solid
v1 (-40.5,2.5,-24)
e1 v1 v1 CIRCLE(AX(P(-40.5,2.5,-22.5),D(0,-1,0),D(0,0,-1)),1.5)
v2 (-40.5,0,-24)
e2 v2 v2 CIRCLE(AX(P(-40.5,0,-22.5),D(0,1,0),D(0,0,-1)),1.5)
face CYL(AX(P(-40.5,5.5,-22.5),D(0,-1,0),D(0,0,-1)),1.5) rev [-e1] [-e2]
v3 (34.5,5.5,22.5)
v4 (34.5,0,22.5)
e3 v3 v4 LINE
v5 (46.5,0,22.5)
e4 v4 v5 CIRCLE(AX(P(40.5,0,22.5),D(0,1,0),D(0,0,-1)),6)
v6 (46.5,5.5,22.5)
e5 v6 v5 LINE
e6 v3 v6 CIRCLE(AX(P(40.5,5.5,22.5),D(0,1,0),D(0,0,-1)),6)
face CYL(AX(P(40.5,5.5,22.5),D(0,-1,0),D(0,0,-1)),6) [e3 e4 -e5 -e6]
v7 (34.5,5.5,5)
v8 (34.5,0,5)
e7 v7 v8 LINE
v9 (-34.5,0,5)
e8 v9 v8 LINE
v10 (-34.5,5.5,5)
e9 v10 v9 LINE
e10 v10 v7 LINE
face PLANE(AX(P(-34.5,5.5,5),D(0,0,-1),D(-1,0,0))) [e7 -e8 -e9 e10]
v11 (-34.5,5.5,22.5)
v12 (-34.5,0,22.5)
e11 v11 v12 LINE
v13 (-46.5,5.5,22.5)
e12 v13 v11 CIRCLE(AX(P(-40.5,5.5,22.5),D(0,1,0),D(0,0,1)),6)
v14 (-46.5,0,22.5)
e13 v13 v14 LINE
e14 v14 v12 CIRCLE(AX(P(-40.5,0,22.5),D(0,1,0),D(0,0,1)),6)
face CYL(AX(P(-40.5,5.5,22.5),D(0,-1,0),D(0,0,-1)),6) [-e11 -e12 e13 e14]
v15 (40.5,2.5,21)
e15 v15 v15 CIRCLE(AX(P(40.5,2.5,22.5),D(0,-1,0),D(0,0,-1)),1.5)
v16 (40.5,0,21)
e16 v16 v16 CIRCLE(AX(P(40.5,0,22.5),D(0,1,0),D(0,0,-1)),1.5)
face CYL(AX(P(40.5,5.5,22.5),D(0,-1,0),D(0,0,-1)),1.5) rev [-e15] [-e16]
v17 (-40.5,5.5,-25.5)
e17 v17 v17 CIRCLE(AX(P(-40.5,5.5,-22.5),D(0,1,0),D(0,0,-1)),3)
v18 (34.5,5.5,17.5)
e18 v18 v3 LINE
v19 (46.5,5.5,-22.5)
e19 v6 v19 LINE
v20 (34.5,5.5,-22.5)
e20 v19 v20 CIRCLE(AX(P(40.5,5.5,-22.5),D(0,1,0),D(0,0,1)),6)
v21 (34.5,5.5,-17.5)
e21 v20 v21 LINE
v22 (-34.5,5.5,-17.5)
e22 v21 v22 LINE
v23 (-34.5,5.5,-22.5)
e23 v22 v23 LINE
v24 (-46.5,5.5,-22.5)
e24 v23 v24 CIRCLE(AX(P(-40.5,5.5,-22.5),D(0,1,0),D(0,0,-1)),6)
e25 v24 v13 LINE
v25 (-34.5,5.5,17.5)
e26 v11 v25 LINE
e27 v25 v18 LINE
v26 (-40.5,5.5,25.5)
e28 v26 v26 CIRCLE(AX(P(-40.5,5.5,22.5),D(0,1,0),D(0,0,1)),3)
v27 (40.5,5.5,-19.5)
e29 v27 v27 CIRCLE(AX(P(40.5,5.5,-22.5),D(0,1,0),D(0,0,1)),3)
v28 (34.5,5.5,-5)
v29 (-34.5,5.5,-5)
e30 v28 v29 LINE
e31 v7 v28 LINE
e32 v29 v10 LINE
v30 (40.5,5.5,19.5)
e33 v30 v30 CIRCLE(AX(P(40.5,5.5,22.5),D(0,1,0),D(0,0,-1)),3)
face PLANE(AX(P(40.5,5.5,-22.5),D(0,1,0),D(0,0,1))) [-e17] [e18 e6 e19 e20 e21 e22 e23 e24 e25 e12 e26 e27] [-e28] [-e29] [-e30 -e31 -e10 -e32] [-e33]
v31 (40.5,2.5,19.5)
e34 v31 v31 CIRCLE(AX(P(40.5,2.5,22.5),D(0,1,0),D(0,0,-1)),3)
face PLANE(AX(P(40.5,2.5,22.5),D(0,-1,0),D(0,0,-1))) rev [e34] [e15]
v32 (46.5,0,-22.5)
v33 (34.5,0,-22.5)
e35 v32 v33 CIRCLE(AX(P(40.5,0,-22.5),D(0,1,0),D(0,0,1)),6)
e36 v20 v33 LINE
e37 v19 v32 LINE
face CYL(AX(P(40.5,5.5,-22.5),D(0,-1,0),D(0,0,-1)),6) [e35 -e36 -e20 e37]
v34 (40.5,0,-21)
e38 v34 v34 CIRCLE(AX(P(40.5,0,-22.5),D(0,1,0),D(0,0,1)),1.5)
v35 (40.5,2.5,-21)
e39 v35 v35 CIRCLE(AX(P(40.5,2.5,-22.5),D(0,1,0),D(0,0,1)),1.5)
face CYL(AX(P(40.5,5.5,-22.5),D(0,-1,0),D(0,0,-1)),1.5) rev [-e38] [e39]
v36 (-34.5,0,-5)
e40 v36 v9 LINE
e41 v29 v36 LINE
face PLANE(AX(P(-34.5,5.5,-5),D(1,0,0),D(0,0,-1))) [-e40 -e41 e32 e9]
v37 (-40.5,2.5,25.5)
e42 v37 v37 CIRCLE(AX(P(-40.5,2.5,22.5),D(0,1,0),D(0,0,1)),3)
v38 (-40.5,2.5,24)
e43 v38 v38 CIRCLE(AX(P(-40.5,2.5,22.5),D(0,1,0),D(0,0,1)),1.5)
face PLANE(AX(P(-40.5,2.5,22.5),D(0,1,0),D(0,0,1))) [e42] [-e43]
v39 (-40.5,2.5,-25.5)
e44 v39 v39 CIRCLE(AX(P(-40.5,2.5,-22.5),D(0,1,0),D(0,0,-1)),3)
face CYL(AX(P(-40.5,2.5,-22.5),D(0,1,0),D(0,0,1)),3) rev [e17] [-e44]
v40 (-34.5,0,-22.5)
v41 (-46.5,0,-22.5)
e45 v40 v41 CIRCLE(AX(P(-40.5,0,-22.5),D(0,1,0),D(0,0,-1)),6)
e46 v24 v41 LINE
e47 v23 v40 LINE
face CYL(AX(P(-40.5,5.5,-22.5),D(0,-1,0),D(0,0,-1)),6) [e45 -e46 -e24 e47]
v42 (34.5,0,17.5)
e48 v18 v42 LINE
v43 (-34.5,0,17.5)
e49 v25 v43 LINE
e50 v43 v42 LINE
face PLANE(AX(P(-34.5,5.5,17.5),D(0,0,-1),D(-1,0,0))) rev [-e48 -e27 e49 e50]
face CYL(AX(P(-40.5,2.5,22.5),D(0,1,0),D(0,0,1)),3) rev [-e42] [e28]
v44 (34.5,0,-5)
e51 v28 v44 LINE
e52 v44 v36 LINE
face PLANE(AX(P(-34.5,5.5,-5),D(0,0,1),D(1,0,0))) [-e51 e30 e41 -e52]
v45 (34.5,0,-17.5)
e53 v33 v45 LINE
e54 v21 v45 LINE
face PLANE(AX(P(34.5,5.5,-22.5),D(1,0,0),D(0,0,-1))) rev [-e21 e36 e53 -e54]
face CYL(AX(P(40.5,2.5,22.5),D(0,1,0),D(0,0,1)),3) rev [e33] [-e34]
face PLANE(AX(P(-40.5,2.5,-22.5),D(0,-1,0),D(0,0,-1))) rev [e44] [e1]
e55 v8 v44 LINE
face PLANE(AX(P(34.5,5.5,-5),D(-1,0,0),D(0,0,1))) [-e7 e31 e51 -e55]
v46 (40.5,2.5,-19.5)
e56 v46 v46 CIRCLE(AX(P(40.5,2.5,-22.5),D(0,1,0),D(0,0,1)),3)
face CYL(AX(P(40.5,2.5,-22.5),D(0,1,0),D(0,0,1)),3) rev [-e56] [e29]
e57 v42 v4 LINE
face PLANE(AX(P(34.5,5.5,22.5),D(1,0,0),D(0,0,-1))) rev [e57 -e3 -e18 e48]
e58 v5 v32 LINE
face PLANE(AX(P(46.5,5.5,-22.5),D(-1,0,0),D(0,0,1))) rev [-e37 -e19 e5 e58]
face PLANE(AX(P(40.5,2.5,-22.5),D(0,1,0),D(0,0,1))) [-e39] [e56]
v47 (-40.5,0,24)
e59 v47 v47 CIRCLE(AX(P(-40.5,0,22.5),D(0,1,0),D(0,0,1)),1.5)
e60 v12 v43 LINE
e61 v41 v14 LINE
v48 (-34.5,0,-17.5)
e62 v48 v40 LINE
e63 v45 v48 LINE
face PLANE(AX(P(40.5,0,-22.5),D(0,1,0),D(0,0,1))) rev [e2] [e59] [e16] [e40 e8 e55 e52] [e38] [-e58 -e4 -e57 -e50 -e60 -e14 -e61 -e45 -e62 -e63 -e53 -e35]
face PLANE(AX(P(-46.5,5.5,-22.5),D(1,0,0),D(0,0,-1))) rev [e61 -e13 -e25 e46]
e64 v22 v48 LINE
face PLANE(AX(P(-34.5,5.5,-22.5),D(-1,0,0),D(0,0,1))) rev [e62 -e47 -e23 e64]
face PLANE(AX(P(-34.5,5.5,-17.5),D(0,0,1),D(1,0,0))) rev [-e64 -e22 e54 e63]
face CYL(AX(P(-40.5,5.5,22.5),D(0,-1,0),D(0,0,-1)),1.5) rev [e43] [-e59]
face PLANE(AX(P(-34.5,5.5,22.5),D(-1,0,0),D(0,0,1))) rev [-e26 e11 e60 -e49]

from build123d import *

# Parameters (mm, degrees)
SKETCH_1_R          = 1.5
SKETCH_1_W          = 69
SKETCH_1_H          = 10
EXTRUDE_3_DEPTH     = 5.5
SKETCH_2_R          = 3
CUT_EXTRUDE_1_DEPTH = 3


with BuildPart() as part:
    # 草图1 → 凸台-拉伸3 (new body)
    with BuildSketch(Plane(origin=(0, 0, 0), x_dir=(1, 0, 0), z_dir=(0, 1, 0))):
        with BuildLine():
            Line((46.5, 22.5), (46.5, -22.5))
            ThreePointArc((46.5, -22.5), (40.5, -28.5), (34.5, -22.5))
            Line((34.5, -22.5), (34.5, -17.5))
            Line((34.5, -17.5), (-34.5, -17.5))
            Line((-34.5, -17.5), (-34.5, -22.5))
            ThreePointArc((-34.5, -22.5), (-40.5, -28.5), (-46.5, -22.5))
            Line((-46.5, -22.5), (-46.5, 22.5))
            ThreePointArc((-46.5, 22.5), (-40.5, 28.5), (-34.5, 22.5))
            Line((-34.5, 22.5), (-34.5, 17.5))
            Line((-34.5, 17.5), (34.5, 17.5))
            Line((34.5, 17.5), (34.5, 22.5))
            ThreePointArc((34.5, 22.5), (40.5, 28.5), (46.5, 22.5))
        make_face()
        with Locations(Location((40.5, 22.5, 0), (0, 0, 270))):
            Circle(SKETCH_1_R, mode=Mode.SUBTRACT)
        with Locations(Location((40.5, -22.5, 0), (0, 0, 90))):
            Circle(SKETCH_1_R, mode=Mode.SUBTRACT)
        with Locations(Location((-40.5, -22.5, 0), (0, 0, 270))):
            Circle(SKETCH_1_R, mode=Mode.SUBTRACT)
        with Locations(Location((-40.5, 22.5, 0), (0, 0, 90))):
            Circle(SKETCH_1_R, mode=Mode.SUBTRACT)
        Rectangle(SKETCH_1_W, SKETCH_1_H, mode=Mode.SUBTRACT)
    extrude(amount=EXTRUDE_3_DEPTH)

    # 草图2 → 切除-拉伸1 (cut)
    with BuildSketch(Plane(origin=(0, 5.5, 0), x_dir=(1, 0, 0), z_dir=(0, 1, 0))):
        with Locations(Location((40.5, 22.5, 0), (0, 0, 270))):
            Circle(SKETCH_2_R)
        with Locations(Location((40.5, -22.5, 0), (0, 0, 90))):
            Circle(SKETCH_2_R)
        with Locations(Location((-40.5, -22.5, 0), (0, 0, 270))):
            Circle(SKETCH_2_R)
        with Locations(Location((-40.5, 22.5, 0), (0, 0, 90))):
            Circle(SKETCH_2_R)
    extrude(amount=-CUT_EXTRUDE_1_DEPTH, mode=Mode.SUBTRACT)


solid = part.part
